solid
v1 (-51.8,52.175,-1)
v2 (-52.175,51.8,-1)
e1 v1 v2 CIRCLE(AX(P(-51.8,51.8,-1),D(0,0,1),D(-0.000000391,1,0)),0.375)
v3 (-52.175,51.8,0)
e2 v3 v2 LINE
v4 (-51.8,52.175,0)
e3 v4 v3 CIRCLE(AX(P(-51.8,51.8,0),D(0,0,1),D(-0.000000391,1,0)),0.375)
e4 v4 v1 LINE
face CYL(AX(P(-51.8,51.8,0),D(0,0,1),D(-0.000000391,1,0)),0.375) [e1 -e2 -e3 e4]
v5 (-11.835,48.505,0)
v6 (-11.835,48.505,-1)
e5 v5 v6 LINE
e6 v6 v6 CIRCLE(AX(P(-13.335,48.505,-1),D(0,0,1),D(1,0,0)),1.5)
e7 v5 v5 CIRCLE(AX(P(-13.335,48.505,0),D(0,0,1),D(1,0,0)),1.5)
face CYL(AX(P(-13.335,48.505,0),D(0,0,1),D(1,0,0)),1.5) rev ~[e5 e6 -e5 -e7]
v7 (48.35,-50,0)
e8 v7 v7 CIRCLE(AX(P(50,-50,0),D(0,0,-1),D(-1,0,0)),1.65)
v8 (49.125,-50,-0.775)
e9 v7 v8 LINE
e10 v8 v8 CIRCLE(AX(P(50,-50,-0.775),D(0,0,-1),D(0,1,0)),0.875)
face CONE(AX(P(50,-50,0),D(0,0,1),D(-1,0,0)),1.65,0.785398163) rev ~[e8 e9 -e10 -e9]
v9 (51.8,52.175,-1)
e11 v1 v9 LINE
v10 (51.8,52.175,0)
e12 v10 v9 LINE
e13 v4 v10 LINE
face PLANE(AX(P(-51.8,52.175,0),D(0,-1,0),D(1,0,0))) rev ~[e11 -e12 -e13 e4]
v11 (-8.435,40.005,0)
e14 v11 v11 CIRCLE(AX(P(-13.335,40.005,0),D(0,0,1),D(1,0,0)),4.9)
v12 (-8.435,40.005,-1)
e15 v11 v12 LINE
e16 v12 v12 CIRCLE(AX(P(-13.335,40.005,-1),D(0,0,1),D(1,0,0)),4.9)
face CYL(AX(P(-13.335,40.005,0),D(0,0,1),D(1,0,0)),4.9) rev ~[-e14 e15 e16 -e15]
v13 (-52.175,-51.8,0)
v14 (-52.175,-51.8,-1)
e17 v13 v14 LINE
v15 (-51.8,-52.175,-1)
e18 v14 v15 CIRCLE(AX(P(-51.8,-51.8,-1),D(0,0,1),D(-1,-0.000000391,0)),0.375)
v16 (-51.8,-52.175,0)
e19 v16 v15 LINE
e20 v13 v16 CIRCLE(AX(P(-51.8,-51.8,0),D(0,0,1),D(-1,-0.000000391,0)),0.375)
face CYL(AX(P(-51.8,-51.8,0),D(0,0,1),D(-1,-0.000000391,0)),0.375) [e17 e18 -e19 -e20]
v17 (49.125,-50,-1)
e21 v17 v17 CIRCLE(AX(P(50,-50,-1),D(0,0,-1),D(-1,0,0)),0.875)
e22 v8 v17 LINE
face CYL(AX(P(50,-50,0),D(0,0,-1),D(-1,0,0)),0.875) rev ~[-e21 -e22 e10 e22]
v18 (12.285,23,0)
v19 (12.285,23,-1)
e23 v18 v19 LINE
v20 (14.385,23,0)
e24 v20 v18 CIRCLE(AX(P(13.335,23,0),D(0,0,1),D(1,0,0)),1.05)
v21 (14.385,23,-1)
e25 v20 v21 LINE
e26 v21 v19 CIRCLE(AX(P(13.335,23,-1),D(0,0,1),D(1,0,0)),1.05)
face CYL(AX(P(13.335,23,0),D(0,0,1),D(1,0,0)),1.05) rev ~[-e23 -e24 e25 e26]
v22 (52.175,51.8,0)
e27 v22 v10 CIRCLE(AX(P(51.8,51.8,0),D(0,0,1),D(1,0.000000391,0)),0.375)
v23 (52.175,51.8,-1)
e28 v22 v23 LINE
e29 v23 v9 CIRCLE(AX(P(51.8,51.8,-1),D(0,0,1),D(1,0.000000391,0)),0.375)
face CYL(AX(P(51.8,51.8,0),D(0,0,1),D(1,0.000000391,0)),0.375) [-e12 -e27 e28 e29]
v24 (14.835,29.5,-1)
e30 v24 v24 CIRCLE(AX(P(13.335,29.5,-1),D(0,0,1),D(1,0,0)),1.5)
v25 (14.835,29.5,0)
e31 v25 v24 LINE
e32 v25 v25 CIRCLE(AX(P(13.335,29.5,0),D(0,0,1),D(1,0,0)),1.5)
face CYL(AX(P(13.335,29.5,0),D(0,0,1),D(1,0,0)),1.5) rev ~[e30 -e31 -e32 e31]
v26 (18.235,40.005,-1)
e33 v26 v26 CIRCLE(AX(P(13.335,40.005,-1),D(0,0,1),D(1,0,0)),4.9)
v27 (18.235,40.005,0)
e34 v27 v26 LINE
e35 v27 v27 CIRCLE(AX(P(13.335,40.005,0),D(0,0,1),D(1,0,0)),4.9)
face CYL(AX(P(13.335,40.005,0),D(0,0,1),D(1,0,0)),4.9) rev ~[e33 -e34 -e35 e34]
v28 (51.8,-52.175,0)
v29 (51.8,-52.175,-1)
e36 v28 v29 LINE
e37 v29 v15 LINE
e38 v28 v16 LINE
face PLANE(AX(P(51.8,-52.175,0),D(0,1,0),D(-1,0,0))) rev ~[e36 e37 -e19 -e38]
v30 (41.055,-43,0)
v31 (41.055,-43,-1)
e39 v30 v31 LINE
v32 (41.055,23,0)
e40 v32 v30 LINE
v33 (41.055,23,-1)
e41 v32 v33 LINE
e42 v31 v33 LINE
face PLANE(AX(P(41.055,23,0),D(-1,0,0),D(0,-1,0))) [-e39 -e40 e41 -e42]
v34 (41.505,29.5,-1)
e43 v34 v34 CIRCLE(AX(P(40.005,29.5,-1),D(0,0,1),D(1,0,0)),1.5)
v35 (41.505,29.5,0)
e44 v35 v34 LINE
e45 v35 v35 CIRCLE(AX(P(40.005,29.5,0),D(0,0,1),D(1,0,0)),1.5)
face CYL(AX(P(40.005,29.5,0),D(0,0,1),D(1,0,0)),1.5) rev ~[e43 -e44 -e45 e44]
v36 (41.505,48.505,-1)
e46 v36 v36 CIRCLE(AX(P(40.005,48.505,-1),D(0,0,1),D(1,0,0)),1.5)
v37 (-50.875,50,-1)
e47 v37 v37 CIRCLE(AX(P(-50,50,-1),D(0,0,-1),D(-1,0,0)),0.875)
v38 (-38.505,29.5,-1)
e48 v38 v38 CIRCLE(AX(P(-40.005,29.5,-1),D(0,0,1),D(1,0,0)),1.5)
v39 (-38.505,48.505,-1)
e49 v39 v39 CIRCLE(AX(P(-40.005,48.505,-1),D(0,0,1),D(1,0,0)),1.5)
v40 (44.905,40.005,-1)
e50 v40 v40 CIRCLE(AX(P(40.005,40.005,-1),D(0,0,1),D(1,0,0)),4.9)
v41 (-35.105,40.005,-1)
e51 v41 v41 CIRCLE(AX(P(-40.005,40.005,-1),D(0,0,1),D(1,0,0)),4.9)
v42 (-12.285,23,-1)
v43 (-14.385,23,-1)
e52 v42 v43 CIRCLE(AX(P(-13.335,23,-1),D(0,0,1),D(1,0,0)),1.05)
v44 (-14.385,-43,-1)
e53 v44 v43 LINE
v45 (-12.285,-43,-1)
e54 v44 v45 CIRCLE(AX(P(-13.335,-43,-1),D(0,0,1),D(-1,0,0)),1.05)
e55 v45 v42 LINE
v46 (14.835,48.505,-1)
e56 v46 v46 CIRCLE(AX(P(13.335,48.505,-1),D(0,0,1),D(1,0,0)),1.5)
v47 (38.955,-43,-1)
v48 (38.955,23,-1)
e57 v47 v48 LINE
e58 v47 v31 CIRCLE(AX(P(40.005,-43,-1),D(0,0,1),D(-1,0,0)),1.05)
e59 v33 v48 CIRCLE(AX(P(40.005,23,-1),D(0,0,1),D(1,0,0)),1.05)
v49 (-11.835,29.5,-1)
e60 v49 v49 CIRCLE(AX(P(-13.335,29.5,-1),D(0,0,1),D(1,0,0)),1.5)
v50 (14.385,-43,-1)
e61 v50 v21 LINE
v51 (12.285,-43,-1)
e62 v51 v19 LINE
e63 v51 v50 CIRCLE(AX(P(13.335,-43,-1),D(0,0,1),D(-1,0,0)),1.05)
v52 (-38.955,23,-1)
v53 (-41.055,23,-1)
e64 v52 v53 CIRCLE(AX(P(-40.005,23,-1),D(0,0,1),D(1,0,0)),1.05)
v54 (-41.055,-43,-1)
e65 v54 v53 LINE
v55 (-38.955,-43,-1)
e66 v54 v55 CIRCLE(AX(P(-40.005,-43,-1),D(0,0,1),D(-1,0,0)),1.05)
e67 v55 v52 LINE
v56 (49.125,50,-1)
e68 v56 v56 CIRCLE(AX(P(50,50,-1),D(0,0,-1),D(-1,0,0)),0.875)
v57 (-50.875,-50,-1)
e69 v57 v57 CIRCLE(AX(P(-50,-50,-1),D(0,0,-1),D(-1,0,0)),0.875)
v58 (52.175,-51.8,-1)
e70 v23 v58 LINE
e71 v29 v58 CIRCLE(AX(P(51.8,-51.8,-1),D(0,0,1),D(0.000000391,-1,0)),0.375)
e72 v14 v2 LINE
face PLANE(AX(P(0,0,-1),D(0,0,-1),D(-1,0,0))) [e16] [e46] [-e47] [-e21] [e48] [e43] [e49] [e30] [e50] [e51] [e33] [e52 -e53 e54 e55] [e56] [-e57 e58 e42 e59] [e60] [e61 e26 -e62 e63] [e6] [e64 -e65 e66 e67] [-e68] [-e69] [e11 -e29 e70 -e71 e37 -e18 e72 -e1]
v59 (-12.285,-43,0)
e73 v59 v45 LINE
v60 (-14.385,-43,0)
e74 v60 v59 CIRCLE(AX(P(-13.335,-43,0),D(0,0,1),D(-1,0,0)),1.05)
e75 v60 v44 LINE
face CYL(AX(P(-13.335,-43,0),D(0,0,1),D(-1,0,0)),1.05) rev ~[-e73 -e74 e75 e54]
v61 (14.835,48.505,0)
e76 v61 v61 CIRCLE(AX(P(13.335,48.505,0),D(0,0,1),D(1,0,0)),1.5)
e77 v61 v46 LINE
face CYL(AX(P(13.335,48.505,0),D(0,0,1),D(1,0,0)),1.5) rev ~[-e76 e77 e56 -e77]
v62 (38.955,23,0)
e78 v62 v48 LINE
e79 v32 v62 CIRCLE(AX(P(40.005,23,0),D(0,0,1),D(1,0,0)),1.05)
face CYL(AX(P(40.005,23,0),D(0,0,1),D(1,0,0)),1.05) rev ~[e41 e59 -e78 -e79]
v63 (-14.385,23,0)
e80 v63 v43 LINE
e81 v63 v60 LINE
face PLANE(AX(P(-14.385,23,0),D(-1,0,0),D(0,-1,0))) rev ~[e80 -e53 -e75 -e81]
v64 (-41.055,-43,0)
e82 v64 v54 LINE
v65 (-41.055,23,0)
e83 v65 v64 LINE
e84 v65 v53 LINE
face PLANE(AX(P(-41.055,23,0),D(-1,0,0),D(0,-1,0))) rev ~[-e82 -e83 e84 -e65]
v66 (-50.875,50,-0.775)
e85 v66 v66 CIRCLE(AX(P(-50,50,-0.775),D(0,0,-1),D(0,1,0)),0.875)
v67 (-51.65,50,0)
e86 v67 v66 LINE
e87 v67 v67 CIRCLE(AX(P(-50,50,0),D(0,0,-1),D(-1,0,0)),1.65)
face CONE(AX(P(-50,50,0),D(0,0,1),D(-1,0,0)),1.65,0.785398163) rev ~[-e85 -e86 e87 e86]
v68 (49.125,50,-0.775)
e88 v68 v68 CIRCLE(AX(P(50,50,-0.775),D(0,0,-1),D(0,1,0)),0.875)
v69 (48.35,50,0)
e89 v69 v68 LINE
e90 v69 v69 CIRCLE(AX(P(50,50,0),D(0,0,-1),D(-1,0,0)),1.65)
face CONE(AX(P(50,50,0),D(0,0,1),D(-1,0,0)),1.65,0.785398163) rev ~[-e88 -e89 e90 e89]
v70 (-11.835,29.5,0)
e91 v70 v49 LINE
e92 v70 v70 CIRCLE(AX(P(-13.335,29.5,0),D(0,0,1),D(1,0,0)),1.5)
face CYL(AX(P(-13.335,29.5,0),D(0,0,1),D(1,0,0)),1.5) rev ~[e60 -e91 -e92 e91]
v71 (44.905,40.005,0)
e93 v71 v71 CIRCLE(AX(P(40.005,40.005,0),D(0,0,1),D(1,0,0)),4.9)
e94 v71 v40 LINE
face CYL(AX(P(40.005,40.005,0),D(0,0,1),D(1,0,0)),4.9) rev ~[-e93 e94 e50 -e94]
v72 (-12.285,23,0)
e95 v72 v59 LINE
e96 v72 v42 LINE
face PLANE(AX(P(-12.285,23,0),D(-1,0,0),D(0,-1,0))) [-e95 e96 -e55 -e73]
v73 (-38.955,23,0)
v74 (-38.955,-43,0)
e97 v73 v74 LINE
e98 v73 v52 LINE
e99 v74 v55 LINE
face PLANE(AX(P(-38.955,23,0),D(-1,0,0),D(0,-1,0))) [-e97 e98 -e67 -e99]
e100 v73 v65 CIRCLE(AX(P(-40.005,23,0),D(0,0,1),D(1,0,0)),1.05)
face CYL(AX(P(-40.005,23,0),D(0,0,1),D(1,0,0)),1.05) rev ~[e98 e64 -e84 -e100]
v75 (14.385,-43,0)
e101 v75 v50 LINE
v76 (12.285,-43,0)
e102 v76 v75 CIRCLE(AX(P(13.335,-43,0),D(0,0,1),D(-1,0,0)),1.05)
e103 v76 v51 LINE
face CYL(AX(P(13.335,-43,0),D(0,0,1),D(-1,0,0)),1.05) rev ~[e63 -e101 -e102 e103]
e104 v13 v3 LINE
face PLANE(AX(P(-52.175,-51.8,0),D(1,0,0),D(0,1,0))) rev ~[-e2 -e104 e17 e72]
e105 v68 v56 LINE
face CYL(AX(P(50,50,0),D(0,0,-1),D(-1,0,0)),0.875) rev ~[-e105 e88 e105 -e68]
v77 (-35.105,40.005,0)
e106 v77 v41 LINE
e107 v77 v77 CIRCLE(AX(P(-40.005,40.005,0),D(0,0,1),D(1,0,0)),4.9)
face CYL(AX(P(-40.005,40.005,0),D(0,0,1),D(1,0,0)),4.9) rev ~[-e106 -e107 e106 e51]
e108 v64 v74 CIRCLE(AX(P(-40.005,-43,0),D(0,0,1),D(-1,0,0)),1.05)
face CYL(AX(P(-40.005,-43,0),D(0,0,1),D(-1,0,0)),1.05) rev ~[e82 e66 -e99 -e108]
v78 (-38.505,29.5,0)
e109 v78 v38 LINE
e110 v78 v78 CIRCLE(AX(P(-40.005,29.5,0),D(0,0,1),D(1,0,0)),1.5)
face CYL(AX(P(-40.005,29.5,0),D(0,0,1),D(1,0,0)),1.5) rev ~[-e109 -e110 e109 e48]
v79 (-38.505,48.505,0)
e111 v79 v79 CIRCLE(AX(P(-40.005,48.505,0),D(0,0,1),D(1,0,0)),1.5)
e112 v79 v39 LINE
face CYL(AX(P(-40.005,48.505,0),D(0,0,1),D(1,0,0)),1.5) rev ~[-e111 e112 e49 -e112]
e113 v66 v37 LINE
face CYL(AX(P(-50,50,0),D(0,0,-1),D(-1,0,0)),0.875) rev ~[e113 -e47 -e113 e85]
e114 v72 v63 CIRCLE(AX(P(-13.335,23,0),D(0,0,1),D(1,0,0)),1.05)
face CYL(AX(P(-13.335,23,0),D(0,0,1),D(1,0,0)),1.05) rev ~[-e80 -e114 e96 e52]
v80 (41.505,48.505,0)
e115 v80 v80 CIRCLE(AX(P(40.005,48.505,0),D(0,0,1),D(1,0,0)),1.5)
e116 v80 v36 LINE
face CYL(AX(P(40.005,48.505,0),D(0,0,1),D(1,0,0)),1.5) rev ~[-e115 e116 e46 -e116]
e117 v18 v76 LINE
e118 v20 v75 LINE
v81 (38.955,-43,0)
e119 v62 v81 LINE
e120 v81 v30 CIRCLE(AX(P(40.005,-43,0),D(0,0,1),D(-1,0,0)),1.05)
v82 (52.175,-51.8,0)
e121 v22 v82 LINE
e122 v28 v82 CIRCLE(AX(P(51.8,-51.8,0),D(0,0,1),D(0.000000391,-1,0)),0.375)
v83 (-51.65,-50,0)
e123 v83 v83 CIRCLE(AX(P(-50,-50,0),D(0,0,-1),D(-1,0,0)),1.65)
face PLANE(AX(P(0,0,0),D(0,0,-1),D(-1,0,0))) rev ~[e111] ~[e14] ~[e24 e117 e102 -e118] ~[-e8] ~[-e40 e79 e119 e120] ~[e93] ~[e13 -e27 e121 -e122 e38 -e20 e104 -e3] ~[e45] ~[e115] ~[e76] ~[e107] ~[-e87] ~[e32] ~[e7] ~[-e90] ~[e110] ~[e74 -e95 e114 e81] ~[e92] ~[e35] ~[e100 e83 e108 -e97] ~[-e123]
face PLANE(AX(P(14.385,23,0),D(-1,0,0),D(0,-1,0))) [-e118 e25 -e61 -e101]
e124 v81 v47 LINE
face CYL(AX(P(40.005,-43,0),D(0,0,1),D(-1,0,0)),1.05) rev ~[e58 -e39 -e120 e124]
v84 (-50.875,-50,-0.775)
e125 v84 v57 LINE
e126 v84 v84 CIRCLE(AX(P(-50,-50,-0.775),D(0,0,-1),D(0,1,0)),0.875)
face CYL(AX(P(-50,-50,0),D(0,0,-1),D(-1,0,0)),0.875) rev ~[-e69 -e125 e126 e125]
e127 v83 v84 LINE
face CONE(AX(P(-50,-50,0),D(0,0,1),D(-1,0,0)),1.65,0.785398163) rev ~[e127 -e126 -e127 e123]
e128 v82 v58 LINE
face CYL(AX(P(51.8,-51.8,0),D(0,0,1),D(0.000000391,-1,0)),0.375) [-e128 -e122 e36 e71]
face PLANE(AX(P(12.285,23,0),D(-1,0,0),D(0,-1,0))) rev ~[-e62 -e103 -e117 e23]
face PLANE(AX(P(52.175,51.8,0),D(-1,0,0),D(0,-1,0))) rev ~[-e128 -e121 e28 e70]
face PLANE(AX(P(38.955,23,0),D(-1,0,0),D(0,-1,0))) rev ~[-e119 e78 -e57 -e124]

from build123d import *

# Parameters (mm, degrees)
PAD_DEPTH        = 1
POCKET_DEPTH     = 0.001
HOLE_D           = 1.75
HOLE_CSINK_D     = 3.3
HOLE_CSINK_ANGLE = 90
SKETCH020_R      = 4.9
HOLE012_DEPTH    = 1.001
POCKET006_DEPTH  = 1.001
SKETCH022_R      = 1.5
HOLE013_DEPTH    = 1.001


with BuildPart() as part:
    # Sketch → Pad (new body)
    with BuildSketch(Plane.XY):
        with BuildLine():
            Line((-51.8, 52.175), (51.8, 52.175))
            ThreePointArc((52.175, 51.8), (52.065165, 52.065165), (51.8, 52.175))
            Line((52.175, 51.8), (52.175, -51.8))
            ThreePointArc((51.8, -52.175), (52.065165, -52.065165), (52.175, -51.8))
            Line((51.8, -52.175), (-51.8, -52.175))
            ThreePointArc((-52.175, -51.8), (-52.065165, -52.065165), (-51.8, -52.175))
            Line((-52.175, -51.8), (-52.175, 51.8))
            ThreePointArc((-51.8, 52.175), (-52.065165, 52.065165), (-52.175, 51.8))
        make_face()
    extrude(amount=-PAD_DEPTH)

    # Sketch002 → Pocket (cut, through all)
    with BuildSketch(Plane.XY.offset(-4.8)):
        with BuildLine():
            Line((-45, 50.175), (45, 50.175))
            ThreePointArc((45, 50.175), (45.353553, 50.321447), (45.5, 50.675))
            ThreePointArc((45.5, 50.675), (45.353553, 51.028553), (45, 51.175))
            Line((-45, 51.175), (45, 51.175))
            ThreePointArc((-45, 51.175), (-45.353553, 51.028553), (-45.5, 50.675))
            ThreePointArc((-45.5, 50.675), (-45.353553, 50.321447), (-45, 50.175))
        make_face()
        with BuildLine():
            Line((-45, -51.175), (45, -51.175))
            ThreePointArc((45, -51.175), (45.353553, -51.028553), (45.5, -50.675))
            ThreePointArc((45.5, -50.675), (45.353553, -50.321447), (45, -50.175))
            Line((-45, -50.175), (45, -50.175))
            ThreePointArc((-45, -50.175), (-45.353553, -50.321447), (-45.5, -50.675))
            ThreePointArc((-45.5, -50.675), (-45.353553, -51.028553), (-45, -51.175))
        make_face()
        with BuildLine():
            Line((51.175, -45), (51.175, 45))
            ThreePointArc((51.175, 45), (51.028553, 45.353553), (50.675, 45.5))
            ThreePointArc((50.675, 45.5), (50.321447, 45.353553), (50.175, 45))
            Line((50.175, -45), (50.175, 45))
            ThreePointArc((50.175, -45), (50.321447, -45.353553), (50.675, -45.5))
            ThreePointArc((50.675, -45.5), (51.028553, -45.353553), (51.175, -45))
        make_face()
        with BuildLine():
            Line((-50.175, -45), (-50.175, 45))
            ThreePointArc((-50.175, 45), (-50.321447, 45.353553), (-50.675, 45.5))
            ThreePointArc((-50.675, 45.5), (-51.028553, 45.353553), (-51.175, 45))
            Line((-51.175, -45), (-51.175, 45))
            ThreePointArc((-51.175, -45), (-51.028553, -45.353553), (-50.675, -45.5))
            ThreePointArc((-50.675, -45.5), (-50.321447, -45.353553), (-50.175, -45))
        make_face()
    extrude(amount=-POCKET_DEPTH, mode=Mode.SUBTRACT)

    # Hole (through all)
    with Locations(Plane.XY):
        with Locations((-50, 50), (50, 50), (50, -50), (-50, -50)):
            CounterSinkHole(HOLE_D / 2, HOLE_CSINK_D / 2, counter_sink_angle=HOLE_CSINK_ANGLE)

    # Sketch020 → Hole012 (cut, through all)
    with BuildSketch(Plane.XY):
        with Locations((-40.005, 40.005)):
            Circle(SKETCH020_R)
        with Locations((-13.335, 40.005)):
            Circle(SKETCH020_R)
        with Locations((13.335, 40.005)):
            Circle(SKETCH020_R)
        with Locations((40.005, 40.005)):
            Circle(SKETCH020_R)
    extrude(amount=-HOLE012_DEPTH, mode=Mode.SUBTRACT)

    # Sketch021 → Pocket006 (cut, through all)
    with BuildSketch(Plane.XY):
        with BuildLine():
            ThreePointArc((-38.955, 23), (-40.005, 24.05), (-41.055, 23))
            Line((-41.055, 23), (-41.055, -43))
            ThreePointArc((-41.055, -43), (-40.005, -44.05), (-38.955, -43))
            Line((-38.955, 23), (-38.955, -43))
        make_face()
        with BuildLine():
            ThreePointArc((-12.285, 23), (-13.335, 24.05), (-14.385, 23))
            Line((-14.385, 23), (-14.385, -43))
            ThreePointArc((-14.385, -43), (-13.335, -44.05), (-12.285, -43))
            Line((-12.285, 23), (-12.285, -43))
        make_face()
        with BuildLine():
            ThreePointArc((14.385, 23), (13.335, 24.05), (12.285, 23))
            Line((12.285, 23), (12.285, -43))
            ThreePointArc((12.285, -43), (13.335, -44.05), (14.385, -43))
            Line((14.385, 23), (14.385, -43))
        make_face()
        with BuildLine():
            ThreePointArc((41.055, 23), (40.005, 24.05), (38.955, 23))
            Line((38.955, 23), (38.955, -43))
            ThreePointArc((38.955, -43), (40.005, -44.05), (41.055, -43))
            Line((41.055, 23), (41.055, -43))
        make_face()
    extrude(amount=-POCKET006_DEPTH, mode=Mode.SUBTRACT)

    # Sketch022 → Hole013 (cut, through all)
    with BuildSketch(Plane.XY):
        with Locations((-40.005, 48.505)):
            Circle(SKETCH022_R)
        with Locations((-13.335, 48.505)):
            Circle(SKETCH022_R)
        with Locations((13.335, 48.505)):
            Circle(SKETCH022_R)
        with Locations((40.005, 48.505)):
            Circle(SKETCH022_R)
        with Locations((-40.005, 29.5)):
            Circle(SKETCH022_R)
        with Locations((-13.335, 29.5)):
            Circle(SKETCH022_R)
        with Locations((13.335, 29.5)):
            Circle(SKETCH022_R)
        with Locations((40.005, 29.5)):
            Circle(SKETCH022_R)
    extrude(amount=-HOLE013_DEPTH, mode=Mode.SUBTRACT)


solid = part.part
